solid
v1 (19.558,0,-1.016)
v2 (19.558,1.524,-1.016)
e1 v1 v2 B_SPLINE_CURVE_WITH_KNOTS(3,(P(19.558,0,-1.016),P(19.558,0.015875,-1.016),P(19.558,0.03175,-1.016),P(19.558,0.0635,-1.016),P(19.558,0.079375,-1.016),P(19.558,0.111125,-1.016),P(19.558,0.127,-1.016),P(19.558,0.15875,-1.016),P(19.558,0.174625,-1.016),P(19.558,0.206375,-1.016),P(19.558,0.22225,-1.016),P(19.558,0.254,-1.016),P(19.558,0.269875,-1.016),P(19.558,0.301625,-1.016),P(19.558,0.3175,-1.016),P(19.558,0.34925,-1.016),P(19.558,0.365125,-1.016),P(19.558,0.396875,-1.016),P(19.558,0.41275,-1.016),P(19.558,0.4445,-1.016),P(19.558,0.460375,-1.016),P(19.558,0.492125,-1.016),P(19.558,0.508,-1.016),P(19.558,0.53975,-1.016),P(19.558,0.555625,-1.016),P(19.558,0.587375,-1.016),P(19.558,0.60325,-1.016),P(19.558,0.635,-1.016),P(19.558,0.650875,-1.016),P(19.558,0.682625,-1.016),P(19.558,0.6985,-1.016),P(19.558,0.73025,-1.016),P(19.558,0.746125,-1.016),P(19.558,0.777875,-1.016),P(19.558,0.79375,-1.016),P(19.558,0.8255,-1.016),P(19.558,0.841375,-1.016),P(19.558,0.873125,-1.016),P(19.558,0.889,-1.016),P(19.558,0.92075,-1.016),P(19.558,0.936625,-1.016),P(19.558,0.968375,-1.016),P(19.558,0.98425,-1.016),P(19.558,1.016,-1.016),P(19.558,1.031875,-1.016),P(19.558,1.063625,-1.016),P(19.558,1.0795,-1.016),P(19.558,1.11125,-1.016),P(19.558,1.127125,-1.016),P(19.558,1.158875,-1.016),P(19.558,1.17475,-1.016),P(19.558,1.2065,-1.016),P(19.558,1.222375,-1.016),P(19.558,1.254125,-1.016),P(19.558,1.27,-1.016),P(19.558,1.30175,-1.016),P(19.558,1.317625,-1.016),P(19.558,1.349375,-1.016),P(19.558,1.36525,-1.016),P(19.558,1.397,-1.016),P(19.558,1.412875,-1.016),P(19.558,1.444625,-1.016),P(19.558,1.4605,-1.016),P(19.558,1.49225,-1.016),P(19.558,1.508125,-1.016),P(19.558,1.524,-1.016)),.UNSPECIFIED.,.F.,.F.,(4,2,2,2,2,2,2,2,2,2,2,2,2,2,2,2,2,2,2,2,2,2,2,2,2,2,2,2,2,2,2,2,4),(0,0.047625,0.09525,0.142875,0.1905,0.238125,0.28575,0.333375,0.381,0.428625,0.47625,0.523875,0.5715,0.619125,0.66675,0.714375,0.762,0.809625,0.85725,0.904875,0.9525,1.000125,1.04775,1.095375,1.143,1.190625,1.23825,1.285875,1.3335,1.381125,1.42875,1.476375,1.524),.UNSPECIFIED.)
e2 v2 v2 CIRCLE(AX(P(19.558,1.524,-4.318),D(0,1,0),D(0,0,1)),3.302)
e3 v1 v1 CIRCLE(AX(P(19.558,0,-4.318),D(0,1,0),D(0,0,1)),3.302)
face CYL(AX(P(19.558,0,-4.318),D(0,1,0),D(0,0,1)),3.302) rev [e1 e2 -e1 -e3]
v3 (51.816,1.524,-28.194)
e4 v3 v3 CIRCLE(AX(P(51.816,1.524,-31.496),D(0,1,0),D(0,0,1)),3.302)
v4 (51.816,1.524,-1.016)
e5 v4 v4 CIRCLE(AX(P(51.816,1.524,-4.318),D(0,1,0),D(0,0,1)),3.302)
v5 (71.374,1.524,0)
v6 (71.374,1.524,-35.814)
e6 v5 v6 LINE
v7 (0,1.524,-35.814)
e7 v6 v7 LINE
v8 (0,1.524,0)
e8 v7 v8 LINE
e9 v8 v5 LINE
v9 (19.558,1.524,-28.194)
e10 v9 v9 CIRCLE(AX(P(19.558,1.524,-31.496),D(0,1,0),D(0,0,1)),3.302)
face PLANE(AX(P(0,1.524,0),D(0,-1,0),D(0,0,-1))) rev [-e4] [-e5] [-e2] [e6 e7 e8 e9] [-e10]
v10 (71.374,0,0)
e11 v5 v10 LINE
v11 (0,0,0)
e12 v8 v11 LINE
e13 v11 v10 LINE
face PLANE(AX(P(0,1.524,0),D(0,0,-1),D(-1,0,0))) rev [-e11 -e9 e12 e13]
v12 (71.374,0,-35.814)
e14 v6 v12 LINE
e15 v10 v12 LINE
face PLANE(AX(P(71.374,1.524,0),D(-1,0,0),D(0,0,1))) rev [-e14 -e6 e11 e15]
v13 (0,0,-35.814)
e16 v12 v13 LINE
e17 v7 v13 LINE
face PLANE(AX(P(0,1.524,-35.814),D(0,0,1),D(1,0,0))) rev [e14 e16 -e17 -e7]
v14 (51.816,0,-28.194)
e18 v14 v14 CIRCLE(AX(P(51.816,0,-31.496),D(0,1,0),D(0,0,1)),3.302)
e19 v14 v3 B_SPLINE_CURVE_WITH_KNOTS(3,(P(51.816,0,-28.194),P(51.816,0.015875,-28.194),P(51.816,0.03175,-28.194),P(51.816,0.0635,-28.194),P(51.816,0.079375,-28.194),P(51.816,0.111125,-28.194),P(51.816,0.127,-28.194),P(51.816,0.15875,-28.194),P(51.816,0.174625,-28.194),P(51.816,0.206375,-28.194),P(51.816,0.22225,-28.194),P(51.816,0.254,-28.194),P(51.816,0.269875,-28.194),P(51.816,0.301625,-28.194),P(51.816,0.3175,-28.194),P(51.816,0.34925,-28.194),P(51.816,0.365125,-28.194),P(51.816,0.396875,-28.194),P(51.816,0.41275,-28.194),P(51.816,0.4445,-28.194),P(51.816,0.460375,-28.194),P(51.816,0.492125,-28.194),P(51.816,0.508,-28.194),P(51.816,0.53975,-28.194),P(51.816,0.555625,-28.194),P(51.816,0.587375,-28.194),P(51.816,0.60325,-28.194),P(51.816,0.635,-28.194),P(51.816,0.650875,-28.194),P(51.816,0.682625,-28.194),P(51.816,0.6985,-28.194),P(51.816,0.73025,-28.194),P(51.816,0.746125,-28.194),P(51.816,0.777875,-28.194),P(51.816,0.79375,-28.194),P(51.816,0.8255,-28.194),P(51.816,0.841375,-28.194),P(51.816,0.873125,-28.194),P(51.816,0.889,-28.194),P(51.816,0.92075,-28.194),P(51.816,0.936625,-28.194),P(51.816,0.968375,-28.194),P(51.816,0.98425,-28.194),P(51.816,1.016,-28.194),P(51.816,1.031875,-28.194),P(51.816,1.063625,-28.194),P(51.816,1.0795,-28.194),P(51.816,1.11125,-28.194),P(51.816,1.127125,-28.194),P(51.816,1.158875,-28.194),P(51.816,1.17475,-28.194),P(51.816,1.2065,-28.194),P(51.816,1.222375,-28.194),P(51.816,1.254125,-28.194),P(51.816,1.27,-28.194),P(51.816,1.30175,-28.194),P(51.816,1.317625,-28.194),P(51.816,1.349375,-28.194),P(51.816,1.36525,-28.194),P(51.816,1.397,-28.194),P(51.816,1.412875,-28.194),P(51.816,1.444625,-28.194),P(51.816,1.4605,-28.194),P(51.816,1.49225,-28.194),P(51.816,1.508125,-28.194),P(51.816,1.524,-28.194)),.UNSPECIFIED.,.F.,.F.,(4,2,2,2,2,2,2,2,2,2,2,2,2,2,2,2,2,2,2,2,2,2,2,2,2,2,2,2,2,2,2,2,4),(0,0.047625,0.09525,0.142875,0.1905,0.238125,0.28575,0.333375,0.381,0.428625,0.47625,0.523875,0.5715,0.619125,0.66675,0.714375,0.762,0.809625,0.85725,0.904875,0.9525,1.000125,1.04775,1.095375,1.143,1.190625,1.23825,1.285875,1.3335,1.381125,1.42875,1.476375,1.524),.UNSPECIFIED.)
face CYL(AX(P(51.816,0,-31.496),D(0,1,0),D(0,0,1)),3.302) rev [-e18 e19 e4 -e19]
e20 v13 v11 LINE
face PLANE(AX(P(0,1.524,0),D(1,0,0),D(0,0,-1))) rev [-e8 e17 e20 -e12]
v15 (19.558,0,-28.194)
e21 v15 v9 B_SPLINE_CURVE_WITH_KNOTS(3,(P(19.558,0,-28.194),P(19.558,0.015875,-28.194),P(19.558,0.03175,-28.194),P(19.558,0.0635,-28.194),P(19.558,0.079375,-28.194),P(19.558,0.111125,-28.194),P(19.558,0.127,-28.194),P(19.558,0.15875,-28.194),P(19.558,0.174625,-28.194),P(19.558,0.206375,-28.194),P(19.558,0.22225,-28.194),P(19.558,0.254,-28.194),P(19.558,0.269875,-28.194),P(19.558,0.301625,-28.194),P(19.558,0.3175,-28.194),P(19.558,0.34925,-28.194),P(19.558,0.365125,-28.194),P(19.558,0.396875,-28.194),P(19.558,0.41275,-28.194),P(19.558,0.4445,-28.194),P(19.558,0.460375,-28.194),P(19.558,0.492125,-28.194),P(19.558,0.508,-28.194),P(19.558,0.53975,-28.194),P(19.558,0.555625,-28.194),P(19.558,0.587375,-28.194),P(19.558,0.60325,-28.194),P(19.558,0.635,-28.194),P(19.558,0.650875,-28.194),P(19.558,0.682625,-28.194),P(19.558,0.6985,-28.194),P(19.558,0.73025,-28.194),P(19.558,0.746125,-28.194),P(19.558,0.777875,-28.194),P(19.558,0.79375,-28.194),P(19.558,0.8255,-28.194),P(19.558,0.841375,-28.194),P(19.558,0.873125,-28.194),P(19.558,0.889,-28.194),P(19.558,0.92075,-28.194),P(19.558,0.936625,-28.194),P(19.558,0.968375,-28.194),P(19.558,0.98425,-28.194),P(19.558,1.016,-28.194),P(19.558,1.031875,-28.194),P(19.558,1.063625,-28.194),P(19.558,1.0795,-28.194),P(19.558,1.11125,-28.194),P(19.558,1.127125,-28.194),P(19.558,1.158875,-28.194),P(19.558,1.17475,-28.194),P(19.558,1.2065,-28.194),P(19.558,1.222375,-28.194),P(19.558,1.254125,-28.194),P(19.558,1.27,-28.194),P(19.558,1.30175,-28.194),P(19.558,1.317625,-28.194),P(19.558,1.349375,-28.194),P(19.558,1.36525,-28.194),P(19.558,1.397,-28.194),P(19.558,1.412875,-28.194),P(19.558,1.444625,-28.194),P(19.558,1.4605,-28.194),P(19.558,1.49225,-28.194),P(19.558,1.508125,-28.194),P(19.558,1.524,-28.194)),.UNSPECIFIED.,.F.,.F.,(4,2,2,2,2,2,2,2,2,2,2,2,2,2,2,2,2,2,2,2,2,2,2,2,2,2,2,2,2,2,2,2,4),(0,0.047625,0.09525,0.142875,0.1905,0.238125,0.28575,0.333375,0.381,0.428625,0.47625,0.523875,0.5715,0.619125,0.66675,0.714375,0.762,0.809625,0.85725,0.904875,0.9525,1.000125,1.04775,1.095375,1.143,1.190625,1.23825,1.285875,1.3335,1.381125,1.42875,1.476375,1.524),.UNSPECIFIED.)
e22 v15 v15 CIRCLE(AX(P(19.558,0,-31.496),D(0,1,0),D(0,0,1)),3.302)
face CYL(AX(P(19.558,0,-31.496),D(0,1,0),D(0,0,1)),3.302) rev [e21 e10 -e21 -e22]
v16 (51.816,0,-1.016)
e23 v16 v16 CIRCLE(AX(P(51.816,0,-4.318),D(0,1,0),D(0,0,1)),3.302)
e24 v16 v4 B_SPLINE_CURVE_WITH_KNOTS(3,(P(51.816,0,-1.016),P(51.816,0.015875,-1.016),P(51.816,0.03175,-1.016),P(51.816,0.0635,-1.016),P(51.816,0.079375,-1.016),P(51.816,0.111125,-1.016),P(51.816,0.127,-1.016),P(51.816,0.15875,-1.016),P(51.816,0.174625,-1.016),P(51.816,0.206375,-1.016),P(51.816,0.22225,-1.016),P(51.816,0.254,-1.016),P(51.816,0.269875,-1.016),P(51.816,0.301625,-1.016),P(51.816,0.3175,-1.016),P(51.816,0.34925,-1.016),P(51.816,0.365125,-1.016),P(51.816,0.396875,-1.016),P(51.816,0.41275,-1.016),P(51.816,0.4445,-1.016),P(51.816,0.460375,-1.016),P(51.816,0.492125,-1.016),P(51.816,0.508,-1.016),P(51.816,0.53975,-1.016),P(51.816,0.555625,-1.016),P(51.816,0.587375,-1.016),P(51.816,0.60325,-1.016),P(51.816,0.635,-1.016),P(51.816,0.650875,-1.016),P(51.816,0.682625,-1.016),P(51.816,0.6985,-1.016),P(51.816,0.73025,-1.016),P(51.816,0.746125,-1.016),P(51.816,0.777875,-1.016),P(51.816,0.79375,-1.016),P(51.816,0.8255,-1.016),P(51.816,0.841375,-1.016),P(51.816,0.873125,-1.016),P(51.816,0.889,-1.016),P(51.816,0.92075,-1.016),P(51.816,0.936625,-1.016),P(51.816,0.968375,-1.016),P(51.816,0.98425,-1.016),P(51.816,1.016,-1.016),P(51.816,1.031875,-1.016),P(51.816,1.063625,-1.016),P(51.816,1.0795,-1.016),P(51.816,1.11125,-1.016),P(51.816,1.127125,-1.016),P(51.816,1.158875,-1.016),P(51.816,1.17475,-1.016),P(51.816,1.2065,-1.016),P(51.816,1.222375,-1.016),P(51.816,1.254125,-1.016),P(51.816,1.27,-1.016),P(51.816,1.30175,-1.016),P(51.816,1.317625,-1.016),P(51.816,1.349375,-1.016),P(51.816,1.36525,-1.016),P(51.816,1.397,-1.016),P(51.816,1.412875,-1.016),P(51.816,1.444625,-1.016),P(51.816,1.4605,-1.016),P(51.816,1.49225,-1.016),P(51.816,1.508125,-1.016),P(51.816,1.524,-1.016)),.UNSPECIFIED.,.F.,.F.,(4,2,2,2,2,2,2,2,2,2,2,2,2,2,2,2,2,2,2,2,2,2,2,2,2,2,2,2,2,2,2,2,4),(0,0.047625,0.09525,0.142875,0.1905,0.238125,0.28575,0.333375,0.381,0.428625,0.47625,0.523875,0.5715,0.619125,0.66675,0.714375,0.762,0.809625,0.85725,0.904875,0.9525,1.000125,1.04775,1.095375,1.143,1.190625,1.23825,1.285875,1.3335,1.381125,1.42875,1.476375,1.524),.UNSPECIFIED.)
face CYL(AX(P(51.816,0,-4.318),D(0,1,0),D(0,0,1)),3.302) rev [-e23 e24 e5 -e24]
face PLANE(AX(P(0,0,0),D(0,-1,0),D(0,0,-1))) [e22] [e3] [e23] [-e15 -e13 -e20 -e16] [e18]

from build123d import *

# Parameters (mm, degrees)
SKETCH1_W           = 71.374
SKETCH1_H           = 35.814
BOSS_EXTRUDE1_DEPTH = 1.524
SKETCH2_R           = 3.302
CUT_EXTRUDE1_DEPTH  = 1.524


with BuildPart() as part:
    # Sketch1 → Boss-Extrude1 (new body)
    with BuildSketch(Plane(origin=(0, 0, 0), x_dir=(1, 0, 0), z_dir=(0, 1, 0))):
        with Locations((35.687, 17.907)):
            Rectangle(SKETCH1_W, SKETCH1_H)
    extrude(amount=BOSS_EXTRUDE1_DEPTH)

    # Sketch2 → Cut-Extrude1 (cut)
    with BuildSketch(Plane(origin=(0, 1.524, 0), x_dir=(1, 0, 0), z_dir=(0, 1, 0))):
        with Locations(Location((19.558, 4.318, 0), (0, 0, 270))):
            Circle(SKETCH2_R)
        with Locations(Location((51.816, 31.496, 0), (0, 0, 270))):
            Circle(SKETCH2_R)
        with Locations(Location((19.558, 31.496, 0), (0, 0, 270))):
            Circle(SKETCH2_R)
        with Locations(Location((51.816, 4.318, 0), (0, 0, 270))):
            Circle(SKETCH2_R)
    extrude(amount=-CUT_EXTRUDE1_DEPTH, mode=Mode.SUBTRACT)


solid = part.part
